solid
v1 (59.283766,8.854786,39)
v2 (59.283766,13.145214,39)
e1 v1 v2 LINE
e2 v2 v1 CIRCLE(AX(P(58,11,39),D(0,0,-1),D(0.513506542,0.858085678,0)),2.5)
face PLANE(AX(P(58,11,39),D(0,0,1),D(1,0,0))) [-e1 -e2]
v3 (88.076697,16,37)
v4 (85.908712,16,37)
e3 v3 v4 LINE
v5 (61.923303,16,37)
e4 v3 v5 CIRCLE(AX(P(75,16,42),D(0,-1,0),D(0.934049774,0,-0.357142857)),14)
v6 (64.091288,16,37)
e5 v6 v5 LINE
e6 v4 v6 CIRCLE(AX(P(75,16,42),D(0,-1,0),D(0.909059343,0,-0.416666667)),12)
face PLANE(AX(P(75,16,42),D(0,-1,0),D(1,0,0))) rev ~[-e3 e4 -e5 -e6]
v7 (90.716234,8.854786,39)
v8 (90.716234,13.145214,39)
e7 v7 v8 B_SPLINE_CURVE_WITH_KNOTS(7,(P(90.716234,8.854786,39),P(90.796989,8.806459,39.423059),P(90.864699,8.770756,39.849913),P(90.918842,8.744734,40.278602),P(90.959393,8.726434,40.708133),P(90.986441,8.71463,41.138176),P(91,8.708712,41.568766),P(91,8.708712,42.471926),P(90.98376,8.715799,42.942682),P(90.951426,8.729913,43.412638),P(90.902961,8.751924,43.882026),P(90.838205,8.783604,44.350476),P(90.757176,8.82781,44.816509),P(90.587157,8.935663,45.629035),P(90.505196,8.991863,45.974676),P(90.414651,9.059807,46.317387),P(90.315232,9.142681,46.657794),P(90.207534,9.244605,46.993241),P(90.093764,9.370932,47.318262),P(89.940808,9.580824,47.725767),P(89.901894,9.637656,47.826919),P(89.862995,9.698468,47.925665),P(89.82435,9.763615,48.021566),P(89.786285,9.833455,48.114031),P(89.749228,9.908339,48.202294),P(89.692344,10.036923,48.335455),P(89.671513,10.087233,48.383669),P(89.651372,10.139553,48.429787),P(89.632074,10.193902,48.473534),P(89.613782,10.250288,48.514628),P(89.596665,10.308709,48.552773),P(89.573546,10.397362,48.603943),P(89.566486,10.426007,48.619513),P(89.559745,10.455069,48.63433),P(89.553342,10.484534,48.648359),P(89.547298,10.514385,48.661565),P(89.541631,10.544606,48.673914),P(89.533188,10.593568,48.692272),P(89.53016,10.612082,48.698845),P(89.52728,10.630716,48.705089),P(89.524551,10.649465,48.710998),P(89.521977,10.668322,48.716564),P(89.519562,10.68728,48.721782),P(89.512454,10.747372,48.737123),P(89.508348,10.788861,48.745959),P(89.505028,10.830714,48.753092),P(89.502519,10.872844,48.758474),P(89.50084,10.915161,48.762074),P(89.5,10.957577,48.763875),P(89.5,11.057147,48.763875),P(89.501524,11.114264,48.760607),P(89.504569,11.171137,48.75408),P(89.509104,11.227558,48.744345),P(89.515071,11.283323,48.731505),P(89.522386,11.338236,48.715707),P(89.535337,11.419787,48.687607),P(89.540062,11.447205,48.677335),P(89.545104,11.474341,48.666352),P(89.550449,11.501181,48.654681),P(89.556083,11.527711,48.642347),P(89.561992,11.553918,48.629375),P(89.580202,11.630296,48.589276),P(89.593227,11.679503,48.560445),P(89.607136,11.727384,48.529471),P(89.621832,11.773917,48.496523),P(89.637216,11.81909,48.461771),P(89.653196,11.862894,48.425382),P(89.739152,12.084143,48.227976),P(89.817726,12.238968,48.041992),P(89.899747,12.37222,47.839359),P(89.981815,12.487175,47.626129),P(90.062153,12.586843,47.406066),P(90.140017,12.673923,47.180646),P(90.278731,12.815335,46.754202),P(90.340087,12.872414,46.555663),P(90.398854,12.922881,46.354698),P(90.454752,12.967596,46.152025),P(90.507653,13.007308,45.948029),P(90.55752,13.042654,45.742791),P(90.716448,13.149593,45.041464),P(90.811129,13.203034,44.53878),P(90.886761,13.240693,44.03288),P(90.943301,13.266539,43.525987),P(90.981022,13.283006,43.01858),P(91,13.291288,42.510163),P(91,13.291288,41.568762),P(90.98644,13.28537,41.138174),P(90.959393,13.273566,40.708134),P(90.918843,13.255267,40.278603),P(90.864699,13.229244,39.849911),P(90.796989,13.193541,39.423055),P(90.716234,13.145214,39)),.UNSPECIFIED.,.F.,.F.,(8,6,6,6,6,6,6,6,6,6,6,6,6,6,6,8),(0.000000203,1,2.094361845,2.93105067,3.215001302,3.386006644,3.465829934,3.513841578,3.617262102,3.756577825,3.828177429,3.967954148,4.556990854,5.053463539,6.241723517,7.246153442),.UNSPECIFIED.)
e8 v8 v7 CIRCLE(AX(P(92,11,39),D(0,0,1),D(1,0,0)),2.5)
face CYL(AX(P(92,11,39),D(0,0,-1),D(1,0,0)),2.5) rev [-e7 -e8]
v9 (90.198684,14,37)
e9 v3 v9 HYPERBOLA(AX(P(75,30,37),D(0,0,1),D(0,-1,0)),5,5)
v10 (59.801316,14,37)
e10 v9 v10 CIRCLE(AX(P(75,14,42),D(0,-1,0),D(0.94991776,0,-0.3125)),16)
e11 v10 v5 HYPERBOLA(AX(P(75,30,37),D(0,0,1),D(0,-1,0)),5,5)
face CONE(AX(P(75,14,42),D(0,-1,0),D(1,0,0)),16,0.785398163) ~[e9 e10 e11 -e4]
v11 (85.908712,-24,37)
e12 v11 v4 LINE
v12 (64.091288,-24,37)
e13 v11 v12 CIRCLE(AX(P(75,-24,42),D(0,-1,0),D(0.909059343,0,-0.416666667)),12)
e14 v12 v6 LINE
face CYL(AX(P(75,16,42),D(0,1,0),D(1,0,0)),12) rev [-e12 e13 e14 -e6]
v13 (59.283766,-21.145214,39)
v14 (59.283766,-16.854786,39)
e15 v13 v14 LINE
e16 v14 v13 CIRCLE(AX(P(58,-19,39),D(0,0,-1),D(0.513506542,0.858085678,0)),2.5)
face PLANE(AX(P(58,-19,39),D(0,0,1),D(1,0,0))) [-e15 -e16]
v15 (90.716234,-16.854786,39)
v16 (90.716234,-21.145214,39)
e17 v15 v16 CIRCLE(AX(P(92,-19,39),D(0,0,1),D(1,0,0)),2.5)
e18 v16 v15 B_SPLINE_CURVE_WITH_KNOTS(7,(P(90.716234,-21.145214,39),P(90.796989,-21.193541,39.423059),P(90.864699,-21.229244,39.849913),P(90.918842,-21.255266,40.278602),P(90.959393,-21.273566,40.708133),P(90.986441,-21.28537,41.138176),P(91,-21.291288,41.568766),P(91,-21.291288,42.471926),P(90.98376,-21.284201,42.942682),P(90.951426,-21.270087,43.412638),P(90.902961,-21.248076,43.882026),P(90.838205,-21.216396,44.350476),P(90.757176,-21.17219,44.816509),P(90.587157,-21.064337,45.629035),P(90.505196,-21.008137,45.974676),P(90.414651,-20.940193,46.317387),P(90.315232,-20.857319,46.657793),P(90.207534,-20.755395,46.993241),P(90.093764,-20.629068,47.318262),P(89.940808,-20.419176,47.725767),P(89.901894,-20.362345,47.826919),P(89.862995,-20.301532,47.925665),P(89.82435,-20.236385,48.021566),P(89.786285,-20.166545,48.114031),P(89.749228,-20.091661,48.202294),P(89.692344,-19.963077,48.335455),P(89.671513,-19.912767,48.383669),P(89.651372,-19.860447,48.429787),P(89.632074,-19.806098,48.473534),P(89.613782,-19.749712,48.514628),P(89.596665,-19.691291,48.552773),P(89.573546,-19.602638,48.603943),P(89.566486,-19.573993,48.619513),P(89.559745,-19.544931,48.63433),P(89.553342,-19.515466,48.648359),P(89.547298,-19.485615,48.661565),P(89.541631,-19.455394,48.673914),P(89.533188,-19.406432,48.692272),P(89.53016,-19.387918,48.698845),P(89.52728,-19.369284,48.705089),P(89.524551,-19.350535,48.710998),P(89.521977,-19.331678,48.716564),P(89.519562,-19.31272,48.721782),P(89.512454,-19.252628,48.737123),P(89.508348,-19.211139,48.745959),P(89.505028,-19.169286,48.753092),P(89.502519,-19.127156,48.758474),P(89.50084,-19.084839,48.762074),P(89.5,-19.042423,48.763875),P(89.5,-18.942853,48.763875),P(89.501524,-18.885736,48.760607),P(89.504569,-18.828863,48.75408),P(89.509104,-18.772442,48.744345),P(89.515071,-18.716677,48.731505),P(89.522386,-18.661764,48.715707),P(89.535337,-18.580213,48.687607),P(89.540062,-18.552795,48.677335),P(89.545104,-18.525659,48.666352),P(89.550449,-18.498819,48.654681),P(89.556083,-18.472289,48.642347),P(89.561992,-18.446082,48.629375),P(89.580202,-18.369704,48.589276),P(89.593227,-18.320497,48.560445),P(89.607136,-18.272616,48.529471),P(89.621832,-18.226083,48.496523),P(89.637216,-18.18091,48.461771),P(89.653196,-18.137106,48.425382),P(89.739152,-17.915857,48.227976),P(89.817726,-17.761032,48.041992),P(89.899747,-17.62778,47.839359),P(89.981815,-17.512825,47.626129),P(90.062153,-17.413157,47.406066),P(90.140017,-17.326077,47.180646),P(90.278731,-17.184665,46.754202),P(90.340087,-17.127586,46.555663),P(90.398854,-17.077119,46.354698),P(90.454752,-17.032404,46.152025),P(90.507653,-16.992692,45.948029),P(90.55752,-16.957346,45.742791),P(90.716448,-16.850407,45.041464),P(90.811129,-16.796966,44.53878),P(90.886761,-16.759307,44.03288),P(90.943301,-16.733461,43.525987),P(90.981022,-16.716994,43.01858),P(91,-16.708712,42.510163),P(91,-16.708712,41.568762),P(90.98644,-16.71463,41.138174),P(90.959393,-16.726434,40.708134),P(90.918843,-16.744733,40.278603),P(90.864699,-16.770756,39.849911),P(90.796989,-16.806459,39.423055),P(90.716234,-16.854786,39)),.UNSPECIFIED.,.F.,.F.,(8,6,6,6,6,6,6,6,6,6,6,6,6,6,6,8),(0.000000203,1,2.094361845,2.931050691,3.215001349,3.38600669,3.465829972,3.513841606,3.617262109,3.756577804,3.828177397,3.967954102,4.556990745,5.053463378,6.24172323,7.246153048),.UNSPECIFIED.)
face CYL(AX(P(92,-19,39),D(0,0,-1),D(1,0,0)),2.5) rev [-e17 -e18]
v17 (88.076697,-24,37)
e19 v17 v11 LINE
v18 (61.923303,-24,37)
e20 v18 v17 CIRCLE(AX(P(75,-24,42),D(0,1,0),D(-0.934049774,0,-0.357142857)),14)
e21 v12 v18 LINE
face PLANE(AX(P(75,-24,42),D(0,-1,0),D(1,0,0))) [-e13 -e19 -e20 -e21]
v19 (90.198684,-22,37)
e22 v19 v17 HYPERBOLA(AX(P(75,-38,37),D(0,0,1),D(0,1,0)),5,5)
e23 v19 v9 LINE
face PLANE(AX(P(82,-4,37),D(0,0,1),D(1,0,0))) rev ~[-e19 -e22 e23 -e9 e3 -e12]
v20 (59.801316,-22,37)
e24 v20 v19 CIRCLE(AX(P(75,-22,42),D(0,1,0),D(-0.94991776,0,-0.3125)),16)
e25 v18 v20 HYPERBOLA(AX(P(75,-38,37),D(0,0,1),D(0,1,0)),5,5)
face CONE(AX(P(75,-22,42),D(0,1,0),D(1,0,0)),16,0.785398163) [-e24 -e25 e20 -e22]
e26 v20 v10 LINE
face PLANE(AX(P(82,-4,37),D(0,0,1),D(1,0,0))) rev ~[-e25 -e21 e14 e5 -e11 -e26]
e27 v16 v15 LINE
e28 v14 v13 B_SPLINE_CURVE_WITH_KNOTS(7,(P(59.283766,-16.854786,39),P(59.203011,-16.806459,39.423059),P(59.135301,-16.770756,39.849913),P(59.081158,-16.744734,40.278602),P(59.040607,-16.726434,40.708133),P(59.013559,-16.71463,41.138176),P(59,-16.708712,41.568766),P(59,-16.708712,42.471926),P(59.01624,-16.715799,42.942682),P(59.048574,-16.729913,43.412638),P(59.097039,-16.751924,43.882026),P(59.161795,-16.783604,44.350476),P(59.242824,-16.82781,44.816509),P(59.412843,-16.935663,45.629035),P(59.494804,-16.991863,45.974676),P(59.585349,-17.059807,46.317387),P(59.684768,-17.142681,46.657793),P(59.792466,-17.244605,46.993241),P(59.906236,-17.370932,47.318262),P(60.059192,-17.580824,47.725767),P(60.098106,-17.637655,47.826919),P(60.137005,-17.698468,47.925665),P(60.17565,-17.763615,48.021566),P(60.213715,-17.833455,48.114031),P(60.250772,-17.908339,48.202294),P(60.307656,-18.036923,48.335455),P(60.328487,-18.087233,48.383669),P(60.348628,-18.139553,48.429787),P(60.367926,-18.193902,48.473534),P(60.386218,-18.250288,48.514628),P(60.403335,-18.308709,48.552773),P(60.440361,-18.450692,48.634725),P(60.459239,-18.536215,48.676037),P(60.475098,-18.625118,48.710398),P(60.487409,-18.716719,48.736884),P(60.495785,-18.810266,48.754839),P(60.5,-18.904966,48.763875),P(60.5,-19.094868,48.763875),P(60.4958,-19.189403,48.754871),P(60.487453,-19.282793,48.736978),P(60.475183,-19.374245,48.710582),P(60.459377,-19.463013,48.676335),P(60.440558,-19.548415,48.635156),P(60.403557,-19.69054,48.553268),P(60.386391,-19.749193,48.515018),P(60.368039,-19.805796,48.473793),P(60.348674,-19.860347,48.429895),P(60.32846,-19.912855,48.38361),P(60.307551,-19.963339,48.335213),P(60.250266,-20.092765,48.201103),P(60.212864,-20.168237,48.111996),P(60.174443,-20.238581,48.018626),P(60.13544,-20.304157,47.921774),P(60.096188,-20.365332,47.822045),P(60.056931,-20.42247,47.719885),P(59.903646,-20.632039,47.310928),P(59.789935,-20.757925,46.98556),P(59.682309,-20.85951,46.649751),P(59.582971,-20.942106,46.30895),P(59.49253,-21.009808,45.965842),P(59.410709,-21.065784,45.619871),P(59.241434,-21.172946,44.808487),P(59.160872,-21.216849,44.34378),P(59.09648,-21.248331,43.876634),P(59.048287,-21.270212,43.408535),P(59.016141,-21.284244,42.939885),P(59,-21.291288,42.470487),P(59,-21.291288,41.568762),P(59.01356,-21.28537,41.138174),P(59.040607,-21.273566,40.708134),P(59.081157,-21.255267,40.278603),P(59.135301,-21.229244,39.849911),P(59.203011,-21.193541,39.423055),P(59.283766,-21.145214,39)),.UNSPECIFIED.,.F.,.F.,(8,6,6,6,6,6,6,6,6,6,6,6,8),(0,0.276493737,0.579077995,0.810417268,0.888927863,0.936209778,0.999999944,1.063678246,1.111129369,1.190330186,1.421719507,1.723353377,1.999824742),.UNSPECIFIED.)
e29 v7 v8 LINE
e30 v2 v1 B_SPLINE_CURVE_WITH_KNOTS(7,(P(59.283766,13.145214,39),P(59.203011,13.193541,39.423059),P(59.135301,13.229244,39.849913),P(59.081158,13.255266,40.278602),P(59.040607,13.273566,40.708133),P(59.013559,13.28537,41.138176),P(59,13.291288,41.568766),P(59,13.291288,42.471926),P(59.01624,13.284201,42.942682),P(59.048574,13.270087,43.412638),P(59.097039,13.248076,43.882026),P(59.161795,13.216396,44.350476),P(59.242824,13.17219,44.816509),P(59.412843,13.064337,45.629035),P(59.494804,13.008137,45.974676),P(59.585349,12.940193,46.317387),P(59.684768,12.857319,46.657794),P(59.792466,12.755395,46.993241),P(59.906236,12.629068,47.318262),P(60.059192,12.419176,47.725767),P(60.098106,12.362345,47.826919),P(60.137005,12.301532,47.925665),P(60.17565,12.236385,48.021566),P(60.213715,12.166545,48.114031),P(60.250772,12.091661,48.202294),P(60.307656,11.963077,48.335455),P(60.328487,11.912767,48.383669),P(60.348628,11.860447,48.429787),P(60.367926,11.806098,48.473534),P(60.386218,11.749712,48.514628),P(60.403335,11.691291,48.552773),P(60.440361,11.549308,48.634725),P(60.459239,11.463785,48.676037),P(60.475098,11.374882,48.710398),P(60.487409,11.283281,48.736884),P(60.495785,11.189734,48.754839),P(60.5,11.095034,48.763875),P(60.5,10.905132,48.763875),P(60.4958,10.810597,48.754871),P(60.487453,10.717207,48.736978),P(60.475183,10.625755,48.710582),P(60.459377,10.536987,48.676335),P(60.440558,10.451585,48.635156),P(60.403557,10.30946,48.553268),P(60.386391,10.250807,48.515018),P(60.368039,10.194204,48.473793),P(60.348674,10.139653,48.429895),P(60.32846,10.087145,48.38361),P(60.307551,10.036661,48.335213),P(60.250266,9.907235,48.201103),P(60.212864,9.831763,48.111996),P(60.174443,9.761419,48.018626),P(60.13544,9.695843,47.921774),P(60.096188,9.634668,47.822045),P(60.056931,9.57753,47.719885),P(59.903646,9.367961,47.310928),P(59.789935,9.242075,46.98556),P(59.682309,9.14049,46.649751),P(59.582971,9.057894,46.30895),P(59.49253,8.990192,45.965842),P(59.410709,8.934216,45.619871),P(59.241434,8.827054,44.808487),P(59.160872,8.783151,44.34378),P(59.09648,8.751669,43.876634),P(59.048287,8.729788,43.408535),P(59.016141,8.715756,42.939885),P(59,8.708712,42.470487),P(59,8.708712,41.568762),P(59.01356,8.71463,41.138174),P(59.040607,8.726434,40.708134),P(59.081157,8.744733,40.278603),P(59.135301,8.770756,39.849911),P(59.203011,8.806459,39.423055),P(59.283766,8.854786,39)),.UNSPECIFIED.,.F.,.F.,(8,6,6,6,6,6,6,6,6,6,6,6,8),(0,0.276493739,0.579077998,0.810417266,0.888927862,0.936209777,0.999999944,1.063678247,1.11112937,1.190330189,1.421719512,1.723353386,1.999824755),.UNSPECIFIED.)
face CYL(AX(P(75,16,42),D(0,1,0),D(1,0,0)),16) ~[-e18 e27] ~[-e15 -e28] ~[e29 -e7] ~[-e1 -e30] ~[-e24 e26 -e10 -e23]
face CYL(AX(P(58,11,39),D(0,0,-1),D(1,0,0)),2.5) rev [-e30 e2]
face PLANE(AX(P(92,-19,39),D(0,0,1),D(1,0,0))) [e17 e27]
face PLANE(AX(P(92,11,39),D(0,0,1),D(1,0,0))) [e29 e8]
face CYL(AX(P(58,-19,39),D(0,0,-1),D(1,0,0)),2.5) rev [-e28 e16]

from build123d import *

# Parameters (mm, degrees)
CYLINDER1807_R     = 2.5
CYLINDER1807_DEPTH = 30
CYLINDER1806_R     = 2.5
CYLINDER1806_DEPTH = 30
CYLINDER1808_R     = 2.5
CYLINDER1808_DEPTH = 30
CYLINDER1809_R     = 2.5
CYLINDER1809_DEPTH = 30
BOX716_W           = 100
BOX716_H           = 100
BOX716_DEPTH       = 100
TUBE090_R          = 16
TUBE090_R_2        = 12
TUBE090_DEPTH      = 40
CHAMFER057_SIZE    = 2


with BuildPart() as v_lec1807:
    # Cylinder1807 → Cylinder1807 (new body)
    with BuildSketch(Plane(origin=(58, -19, 26), x_dir=(1, 0, 0), z_dir=(0, 0, 1))):
        Circle(CYLINDER1807_R)
    extrude(amount=CYLINDER1807_DEPTH)


with BuildPart() as compound914:
    # Cylinder1806 → Cylinder1806 (new body)
    with BuildSketch(Plane(origin=(58, 11, 26), x_dir=(1, 0, 0), z_dir=(0, 0, 1))):
        Circle(CYLINDER1806_R)
    extrude(amount=CYLINDER1806_DEPTH)

    # Compound914: union Válec1807
    add(v_lec1807.part)


with BuildPart() as compound914_1:
    # Compound914 placement: moved
    add(compound914.part.moved(Location((34, 0, 13))))


with BuildPart() as v_lec1808:
    # Cylinder1808 → Cylinder1808 (new body)
    with BuildSketch(Plane(origin=(58, -19, 26), x_dir=(1, 0, 0), z_dir=(0, 0, 1))):
        Circle(CYLINDER1808_R)
    extrude(amount=CYLINDER1808_DEPTH)


with BuildPart() as compound915:
    # Cylinder1809 → Cylinder1809 (new body)
    with BuildSketch(Plane(origin=(58, 11, 26), x_dir=(1, 0, 0), z_dir=(0, 0, 1))):
        Circle(CYLINDER1809_R)
    extrude(amount=CYLINDER1809_DEPTH)

    # Compound916: union Válec1808
    add(v_lec1808.part)


with BuildPart() as compound915_1:
    # Compound916 placement: moved
    add(compound915.part.moved(Location((0, 0, 13))))

    # Compound915: union Compound914
    add(compound914_1.part)


with BuildPart() as krychle716:
    # Box716 → Box716 (new body)
    with BuildSketch(Plane(origin=(32, -54, -63), x_dir=(1, 0, 0), z_dir=(0, 0, 1))):
        with Locations((50, 50)):
            Rectangle(BOX716_W, BOX716_H)
    extrude(amount=BOX716_DEPTH)


with BuildPart() as cut541:
    # Tube090 → Tube090 (new body)
    with BuildSketch(Plane(origin=(75, 16, 42), x_dir=(1, 0, 0), z_dir=(0, -1, 0))):
        Circle(TUBE090_R)
        Circle(TUBE090_R_2, mode=Mode.SUBTRACT)
    extrude(amount=TUBE090_DEPTH)

    # Chamfer057
    chamfer057_edges = [cut541.edges().sort_by_distance(p)[0] for p in [
        (59, -24, 42),
        (59, 16, 42),
    ]]
    chamfer(chamfer057_edges, length=CHAMFER057_SIZE)

    # Cut533: cut Krychle716
    add(krychle716.part, mode=Mode.SUBTRACT)

    # Cut541: cut Compound915
    add(compound915_1.part, mode=Mode.SUBTRACT)


solid = cut541.part
